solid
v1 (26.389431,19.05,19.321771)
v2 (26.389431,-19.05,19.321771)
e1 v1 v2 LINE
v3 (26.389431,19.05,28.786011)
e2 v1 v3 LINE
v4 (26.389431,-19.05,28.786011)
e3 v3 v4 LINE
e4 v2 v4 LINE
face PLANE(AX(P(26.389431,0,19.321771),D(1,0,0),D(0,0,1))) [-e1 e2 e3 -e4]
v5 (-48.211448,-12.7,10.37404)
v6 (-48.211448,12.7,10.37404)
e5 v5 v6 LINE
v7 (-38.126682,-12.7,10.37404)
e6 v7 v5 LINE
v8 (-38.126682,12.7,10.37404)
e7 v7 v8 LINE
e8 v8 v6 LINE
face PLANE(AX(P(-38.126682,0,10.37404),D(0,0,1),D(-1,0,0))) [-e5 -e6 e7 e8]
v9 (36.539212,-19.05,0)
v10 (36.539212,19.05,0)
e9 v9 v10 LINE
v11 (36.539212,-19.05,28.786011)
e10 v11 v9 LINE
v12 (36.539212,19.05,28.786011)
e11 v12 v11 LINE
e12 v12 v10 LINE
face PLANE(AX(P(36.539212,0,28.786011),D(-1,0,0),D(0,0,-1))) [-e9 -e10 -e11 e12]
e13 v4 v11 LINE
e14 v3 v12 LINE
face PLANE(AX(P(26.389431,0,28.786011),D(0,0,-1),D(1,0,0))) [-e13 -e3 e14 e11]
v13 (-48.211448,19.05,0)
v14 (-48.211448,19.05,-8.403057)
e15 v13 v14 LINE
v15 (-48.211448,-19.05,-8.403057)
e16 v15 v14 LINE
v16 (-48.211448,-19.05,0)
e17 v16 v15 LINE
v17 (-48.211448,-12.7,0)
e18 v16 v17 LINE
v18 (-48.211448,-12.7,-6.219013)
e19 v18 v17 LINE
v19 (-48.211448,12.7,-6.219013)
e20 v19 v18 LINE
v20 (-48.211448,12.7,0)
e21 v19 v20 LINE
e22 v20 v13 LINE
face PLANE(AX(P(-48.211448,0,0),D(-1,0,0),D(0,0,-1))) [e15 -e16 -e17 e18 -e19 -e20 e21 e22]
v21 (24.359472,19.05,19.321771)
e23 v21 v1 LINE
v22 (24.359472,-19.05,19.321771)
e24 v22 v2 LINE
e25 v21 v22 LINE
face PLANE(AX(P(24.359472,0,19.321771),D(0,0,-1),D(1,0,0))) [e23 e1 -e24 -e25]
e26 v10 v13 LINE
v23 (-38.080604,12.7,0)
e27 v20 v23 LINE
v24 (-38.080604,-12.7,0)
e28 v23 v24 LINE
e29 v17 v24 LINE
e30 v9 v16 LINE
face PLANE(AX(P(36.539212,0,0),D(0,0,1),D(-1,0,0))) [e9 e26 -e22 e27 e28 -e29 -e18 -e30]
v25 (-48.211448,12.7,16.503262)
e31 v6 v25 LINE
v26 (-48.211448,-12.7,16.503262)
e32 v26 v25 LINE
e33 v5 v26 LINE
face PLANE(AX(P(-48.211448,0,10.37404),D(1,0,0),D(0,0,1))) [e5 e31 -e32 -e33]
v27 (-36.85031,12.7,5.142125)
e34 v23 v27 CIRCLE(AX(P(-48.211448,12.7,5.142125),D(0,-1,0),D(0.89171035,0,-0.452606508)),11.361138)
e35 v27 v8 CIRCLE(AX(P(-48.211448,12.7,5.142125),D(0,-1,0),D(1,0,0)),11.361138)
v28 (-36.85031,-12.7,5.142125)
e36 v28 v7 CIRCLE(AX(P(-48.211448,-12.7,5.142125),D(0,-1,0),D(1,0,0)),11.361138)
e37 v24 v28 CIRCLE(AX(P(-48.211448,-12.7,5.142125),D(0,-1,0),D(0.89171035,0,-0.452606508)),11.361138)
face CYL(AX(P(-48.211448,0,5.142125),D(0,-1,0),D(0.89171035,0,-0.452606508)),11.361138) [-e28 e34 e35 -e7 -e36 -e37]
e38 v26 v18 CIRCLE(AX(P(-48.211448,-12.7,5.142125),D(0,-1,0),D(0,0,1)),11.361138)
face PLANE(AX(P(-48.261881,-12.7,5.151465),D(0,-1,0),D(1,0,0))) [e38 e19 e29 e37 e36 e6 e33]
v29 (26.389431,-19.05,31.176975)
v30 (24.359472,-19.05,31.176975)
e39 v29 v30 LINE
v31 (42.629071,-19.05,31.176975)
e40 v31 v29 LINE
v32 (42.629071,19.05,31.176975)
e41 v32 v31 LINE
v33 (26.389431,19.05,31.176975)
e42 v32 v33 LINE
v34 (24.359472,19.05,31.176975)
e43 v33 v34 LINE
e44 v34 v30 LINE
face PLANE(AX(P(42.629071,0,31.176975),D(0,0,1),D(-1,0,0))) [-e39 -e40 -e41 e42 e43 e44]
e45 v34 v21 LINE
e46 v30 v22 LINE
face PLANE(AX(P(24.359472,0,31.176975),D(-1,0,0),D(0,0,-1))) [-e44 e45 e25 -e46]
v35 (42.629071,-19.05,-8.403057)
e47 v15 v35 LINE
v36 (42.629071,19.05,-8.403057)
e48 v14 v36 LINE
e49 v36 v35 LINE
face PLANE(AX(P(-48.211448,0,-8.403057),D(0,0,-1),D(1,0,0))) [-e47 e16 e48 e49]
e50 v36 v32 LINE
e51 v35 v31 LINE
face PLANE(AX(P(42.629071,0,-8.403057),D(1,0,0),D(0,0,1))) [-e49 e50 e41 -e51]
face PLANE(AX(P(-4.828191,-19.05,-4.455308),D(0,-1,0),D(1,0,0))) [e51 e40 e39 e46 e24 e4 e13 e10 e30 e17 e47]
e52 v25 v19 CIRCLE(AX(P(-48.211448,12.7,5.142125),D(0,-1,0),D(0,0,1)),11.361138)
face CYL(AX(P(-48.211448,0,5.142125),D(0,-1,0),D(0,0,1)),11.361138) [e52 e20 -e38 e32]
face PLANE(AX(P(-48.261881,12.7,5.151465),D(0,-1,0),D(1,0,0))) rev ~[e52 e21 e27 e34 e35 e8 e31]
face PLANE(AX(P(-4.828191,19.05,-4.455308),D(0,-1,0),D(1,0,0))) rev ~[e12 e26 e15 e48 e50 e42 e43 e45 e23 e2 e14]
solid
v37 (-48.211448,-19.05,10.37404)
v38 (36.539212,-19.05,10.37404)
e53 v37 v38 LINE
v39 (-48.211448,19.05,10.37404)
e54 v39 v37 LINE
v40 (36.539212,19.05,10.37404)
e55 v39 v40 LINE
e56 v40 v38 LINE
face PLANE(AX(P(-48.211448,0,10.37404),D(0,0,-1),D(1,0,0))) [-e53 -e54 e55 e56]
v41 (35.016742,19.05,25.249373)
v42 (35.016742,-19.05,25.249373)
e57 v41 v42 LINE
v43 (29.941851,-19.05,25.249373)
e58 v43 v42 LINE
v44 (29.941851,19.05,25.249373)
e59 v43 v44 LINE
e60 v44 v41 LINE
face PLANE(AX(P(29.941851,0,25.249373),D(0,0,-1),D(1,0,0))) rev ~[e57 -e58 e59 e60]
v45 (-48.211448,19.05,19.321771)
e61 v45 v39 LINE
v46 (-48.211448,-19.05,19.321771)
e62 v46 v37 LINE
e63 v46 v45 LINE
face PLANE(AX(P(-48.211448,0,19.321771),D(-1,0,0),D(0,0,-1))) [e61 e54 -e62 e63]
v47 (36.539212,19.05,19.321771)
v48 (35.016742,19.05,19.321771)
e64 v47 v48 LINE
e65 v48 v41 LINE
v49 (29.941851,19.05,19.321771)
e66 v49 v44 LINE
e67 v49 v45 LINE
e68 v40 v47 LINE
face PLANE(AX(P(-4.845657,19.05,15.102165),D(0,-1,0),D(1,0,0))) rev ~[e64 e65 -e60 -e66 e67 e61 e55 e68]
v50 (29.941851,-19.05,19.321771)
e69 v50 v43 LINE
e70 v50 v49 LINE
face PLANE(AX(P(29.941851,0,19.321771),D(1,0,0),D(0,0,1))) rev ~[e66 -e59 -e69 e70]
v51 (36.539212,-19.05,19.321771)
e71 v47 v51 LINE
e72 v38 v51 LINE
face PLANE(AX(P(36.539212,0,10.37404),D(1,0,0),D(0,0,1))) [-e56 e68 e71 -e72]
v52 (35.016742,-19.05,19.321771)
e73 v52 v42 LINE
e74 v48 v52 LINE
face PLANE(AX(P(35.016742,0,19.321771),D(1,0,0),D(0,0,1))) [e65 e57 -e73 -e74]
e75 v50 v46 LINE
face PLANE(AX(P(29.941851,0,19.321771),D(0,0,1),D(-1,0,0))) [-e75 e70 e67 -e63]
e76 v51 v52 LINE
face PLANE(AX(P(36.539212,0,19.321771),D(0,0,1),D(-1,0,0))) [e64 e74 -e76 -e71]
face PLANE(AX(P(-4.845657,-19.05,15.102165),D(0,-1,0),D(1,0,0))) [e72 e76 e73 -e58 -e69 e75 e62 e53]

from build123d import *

# Parameters (mm, degrees)
F1_DEPTH = 12.7
F0_W     = 10.1497806609
F0_H     = 2.3909639567
F0_W_2   = 6.0898587108
F2_DEPTH = 19.05
F0_W_3   = 5.0748903304
F0_H_2   = 5.9276018292
F3_DEPTH = 19.05


with BuildPart() as f1:
    # F0 (on Front) → F1 (new body, symmetric)
    with BuildSketch(Plane.XZ):
        with BuildLine():
            ThreePointArc((-48.2114478946, 16.5032624805), (-59.5725855396, 5.1421248354), (-48.2114478946, -6.2190128097))
            Line((-48.2114478946, -6.2190128097), (-48.2114478946, 0))
            Line((-48.2114478946, 0), (-38.0806038642, 0))
            ThreePointArc((-38.0806038642, 0), (-37.1621637078, 2.49849711), (-36.8503102495, 5.1421248354))
            ThreePointArc((-36.8503102495, 5.1421248354), (-37.1740146519, 7.8348030569), (-38.1266817241, 10.3740403429))
            Line((-38.1266817241, 10.3740403429), (-48.2114478946, 10.3740403429))
            Line((-48.2114478946, 10.3740403429), (-48.2114478946, 16.5032624805))
        make_face()
    extrude(amount=F1_DEPTH, both=True)

    # F0 (on Front) → F2 (join, symmetric)
    with BuildSketch(Plane.XZ):
        with BuildLine():
            Line((-48.2114478946, -6.2190128097), (-48.2114478946, -8.4030567668))
            Line((-48.2114478946, -8.4030567668), (36.5392118692, -8.4030567668))
            Line((36.5392118692, -8.4030567668), (36.5392118692, 0))
            Line((36.5392118692, 0), (-38.0806038642, 0))
            ThreePointArc((-38.0806038642, 0), (-42.2677512104, -4.5402260319), (-48.2114478946, -6.2190128097))
        make_face()
        Polygon((36.5392118692, 0), (36.5392118692, -8.4030567668), (42.62907058, -8.4030567668), (42.62907058, 28.7860110402), (36.5392118692, 28.7860110402), (36.5392118692, 19.3217713386), (36.5392118692, 10.3740403429), align=None)
        with Locations((31.4643215388, 29.9814930186)):
            Rectangle(F0_W, F0_H)
        with Locations((39.5841412246, 29.9814930186)):
            Rectangle(F0_W_2, F0_H)
        Polygon((24.359472096, 31.1769749969), (24.359472096, 19.3217713386), (26.3894312084, 19.3217713386), (26.3894312084, 28.7860110402), (26.3894312084, 31.1769749969), align=None)
        with BuildLine():
            Line((-48.2114478946, 0), (-48.2114478946, -6.2190128097))
            ThreePointArc((-48.2114478946, -6.2190128097), (-42.2677512104, -4.5402260319), (-38.0806038642, 0))
            Line((-38.0806038642, 0), (-48.2114478946, 0))
        make_face()
    extrude(amount=F2_DEPTH, both=True)


with BuildPart() as f3:
    # F0 (on Front) → F3 (new body, symmetric)
    with BuildSketch(Plane.XZ):
        with BuildLine():
            Line((-48.2114478946, 19.3217713386), (-48.2114478946, 16.5032624805))
            ThreePointArc((-48.2114478946, 16.5032624805), (-42.3108150318, 14.8507797581), (-38.1266817241, 10.3740403429))
            Line((-38.1266817241, 10.3740403429), (36.5392118692, 10.3740403429))
            Line((36.5392118692, 10.3740403429), (36.5392118692, 19.3217713386))
            Line((36.5392118692, 19.3217713386), (35.0167416036, 19.3217713386))
            Line((35.0167416036, 19.3217713386), (29.9418512732, 19.3217713386))
            Line((29.9418512732, 19.3217713386), (26.3894312084, 19.3217713386))
            Line((26.3894312084, 19.3217713386), (24.359472096, 19.3217713386))
            Line((24.359472096, 19.3217713386), (-48.2114478946, 19.3217713386))
        make_face()
        with Locations((32.4792964384, 22.2855722532)):
            Rectangle(F0_W_3, F0_H_2)
        with BuildLine():
            ThreePointArc((-38.1266817241, 10.3740403429), (-42.3108150318, 14.8507797581), (-48.2114478946, 16.5032624805))
            Line((-48.2114478946, 16.5032624805), (-48.2114478946, 10.3740403429))
            Line((-48.2114478946, 10.3740403429), (-38.1266817241, 10.3740403429))
        make_face()
    extrude(amount=F3_DEPTH, both=True)


solid = Compound([f1.part, f3.part])
